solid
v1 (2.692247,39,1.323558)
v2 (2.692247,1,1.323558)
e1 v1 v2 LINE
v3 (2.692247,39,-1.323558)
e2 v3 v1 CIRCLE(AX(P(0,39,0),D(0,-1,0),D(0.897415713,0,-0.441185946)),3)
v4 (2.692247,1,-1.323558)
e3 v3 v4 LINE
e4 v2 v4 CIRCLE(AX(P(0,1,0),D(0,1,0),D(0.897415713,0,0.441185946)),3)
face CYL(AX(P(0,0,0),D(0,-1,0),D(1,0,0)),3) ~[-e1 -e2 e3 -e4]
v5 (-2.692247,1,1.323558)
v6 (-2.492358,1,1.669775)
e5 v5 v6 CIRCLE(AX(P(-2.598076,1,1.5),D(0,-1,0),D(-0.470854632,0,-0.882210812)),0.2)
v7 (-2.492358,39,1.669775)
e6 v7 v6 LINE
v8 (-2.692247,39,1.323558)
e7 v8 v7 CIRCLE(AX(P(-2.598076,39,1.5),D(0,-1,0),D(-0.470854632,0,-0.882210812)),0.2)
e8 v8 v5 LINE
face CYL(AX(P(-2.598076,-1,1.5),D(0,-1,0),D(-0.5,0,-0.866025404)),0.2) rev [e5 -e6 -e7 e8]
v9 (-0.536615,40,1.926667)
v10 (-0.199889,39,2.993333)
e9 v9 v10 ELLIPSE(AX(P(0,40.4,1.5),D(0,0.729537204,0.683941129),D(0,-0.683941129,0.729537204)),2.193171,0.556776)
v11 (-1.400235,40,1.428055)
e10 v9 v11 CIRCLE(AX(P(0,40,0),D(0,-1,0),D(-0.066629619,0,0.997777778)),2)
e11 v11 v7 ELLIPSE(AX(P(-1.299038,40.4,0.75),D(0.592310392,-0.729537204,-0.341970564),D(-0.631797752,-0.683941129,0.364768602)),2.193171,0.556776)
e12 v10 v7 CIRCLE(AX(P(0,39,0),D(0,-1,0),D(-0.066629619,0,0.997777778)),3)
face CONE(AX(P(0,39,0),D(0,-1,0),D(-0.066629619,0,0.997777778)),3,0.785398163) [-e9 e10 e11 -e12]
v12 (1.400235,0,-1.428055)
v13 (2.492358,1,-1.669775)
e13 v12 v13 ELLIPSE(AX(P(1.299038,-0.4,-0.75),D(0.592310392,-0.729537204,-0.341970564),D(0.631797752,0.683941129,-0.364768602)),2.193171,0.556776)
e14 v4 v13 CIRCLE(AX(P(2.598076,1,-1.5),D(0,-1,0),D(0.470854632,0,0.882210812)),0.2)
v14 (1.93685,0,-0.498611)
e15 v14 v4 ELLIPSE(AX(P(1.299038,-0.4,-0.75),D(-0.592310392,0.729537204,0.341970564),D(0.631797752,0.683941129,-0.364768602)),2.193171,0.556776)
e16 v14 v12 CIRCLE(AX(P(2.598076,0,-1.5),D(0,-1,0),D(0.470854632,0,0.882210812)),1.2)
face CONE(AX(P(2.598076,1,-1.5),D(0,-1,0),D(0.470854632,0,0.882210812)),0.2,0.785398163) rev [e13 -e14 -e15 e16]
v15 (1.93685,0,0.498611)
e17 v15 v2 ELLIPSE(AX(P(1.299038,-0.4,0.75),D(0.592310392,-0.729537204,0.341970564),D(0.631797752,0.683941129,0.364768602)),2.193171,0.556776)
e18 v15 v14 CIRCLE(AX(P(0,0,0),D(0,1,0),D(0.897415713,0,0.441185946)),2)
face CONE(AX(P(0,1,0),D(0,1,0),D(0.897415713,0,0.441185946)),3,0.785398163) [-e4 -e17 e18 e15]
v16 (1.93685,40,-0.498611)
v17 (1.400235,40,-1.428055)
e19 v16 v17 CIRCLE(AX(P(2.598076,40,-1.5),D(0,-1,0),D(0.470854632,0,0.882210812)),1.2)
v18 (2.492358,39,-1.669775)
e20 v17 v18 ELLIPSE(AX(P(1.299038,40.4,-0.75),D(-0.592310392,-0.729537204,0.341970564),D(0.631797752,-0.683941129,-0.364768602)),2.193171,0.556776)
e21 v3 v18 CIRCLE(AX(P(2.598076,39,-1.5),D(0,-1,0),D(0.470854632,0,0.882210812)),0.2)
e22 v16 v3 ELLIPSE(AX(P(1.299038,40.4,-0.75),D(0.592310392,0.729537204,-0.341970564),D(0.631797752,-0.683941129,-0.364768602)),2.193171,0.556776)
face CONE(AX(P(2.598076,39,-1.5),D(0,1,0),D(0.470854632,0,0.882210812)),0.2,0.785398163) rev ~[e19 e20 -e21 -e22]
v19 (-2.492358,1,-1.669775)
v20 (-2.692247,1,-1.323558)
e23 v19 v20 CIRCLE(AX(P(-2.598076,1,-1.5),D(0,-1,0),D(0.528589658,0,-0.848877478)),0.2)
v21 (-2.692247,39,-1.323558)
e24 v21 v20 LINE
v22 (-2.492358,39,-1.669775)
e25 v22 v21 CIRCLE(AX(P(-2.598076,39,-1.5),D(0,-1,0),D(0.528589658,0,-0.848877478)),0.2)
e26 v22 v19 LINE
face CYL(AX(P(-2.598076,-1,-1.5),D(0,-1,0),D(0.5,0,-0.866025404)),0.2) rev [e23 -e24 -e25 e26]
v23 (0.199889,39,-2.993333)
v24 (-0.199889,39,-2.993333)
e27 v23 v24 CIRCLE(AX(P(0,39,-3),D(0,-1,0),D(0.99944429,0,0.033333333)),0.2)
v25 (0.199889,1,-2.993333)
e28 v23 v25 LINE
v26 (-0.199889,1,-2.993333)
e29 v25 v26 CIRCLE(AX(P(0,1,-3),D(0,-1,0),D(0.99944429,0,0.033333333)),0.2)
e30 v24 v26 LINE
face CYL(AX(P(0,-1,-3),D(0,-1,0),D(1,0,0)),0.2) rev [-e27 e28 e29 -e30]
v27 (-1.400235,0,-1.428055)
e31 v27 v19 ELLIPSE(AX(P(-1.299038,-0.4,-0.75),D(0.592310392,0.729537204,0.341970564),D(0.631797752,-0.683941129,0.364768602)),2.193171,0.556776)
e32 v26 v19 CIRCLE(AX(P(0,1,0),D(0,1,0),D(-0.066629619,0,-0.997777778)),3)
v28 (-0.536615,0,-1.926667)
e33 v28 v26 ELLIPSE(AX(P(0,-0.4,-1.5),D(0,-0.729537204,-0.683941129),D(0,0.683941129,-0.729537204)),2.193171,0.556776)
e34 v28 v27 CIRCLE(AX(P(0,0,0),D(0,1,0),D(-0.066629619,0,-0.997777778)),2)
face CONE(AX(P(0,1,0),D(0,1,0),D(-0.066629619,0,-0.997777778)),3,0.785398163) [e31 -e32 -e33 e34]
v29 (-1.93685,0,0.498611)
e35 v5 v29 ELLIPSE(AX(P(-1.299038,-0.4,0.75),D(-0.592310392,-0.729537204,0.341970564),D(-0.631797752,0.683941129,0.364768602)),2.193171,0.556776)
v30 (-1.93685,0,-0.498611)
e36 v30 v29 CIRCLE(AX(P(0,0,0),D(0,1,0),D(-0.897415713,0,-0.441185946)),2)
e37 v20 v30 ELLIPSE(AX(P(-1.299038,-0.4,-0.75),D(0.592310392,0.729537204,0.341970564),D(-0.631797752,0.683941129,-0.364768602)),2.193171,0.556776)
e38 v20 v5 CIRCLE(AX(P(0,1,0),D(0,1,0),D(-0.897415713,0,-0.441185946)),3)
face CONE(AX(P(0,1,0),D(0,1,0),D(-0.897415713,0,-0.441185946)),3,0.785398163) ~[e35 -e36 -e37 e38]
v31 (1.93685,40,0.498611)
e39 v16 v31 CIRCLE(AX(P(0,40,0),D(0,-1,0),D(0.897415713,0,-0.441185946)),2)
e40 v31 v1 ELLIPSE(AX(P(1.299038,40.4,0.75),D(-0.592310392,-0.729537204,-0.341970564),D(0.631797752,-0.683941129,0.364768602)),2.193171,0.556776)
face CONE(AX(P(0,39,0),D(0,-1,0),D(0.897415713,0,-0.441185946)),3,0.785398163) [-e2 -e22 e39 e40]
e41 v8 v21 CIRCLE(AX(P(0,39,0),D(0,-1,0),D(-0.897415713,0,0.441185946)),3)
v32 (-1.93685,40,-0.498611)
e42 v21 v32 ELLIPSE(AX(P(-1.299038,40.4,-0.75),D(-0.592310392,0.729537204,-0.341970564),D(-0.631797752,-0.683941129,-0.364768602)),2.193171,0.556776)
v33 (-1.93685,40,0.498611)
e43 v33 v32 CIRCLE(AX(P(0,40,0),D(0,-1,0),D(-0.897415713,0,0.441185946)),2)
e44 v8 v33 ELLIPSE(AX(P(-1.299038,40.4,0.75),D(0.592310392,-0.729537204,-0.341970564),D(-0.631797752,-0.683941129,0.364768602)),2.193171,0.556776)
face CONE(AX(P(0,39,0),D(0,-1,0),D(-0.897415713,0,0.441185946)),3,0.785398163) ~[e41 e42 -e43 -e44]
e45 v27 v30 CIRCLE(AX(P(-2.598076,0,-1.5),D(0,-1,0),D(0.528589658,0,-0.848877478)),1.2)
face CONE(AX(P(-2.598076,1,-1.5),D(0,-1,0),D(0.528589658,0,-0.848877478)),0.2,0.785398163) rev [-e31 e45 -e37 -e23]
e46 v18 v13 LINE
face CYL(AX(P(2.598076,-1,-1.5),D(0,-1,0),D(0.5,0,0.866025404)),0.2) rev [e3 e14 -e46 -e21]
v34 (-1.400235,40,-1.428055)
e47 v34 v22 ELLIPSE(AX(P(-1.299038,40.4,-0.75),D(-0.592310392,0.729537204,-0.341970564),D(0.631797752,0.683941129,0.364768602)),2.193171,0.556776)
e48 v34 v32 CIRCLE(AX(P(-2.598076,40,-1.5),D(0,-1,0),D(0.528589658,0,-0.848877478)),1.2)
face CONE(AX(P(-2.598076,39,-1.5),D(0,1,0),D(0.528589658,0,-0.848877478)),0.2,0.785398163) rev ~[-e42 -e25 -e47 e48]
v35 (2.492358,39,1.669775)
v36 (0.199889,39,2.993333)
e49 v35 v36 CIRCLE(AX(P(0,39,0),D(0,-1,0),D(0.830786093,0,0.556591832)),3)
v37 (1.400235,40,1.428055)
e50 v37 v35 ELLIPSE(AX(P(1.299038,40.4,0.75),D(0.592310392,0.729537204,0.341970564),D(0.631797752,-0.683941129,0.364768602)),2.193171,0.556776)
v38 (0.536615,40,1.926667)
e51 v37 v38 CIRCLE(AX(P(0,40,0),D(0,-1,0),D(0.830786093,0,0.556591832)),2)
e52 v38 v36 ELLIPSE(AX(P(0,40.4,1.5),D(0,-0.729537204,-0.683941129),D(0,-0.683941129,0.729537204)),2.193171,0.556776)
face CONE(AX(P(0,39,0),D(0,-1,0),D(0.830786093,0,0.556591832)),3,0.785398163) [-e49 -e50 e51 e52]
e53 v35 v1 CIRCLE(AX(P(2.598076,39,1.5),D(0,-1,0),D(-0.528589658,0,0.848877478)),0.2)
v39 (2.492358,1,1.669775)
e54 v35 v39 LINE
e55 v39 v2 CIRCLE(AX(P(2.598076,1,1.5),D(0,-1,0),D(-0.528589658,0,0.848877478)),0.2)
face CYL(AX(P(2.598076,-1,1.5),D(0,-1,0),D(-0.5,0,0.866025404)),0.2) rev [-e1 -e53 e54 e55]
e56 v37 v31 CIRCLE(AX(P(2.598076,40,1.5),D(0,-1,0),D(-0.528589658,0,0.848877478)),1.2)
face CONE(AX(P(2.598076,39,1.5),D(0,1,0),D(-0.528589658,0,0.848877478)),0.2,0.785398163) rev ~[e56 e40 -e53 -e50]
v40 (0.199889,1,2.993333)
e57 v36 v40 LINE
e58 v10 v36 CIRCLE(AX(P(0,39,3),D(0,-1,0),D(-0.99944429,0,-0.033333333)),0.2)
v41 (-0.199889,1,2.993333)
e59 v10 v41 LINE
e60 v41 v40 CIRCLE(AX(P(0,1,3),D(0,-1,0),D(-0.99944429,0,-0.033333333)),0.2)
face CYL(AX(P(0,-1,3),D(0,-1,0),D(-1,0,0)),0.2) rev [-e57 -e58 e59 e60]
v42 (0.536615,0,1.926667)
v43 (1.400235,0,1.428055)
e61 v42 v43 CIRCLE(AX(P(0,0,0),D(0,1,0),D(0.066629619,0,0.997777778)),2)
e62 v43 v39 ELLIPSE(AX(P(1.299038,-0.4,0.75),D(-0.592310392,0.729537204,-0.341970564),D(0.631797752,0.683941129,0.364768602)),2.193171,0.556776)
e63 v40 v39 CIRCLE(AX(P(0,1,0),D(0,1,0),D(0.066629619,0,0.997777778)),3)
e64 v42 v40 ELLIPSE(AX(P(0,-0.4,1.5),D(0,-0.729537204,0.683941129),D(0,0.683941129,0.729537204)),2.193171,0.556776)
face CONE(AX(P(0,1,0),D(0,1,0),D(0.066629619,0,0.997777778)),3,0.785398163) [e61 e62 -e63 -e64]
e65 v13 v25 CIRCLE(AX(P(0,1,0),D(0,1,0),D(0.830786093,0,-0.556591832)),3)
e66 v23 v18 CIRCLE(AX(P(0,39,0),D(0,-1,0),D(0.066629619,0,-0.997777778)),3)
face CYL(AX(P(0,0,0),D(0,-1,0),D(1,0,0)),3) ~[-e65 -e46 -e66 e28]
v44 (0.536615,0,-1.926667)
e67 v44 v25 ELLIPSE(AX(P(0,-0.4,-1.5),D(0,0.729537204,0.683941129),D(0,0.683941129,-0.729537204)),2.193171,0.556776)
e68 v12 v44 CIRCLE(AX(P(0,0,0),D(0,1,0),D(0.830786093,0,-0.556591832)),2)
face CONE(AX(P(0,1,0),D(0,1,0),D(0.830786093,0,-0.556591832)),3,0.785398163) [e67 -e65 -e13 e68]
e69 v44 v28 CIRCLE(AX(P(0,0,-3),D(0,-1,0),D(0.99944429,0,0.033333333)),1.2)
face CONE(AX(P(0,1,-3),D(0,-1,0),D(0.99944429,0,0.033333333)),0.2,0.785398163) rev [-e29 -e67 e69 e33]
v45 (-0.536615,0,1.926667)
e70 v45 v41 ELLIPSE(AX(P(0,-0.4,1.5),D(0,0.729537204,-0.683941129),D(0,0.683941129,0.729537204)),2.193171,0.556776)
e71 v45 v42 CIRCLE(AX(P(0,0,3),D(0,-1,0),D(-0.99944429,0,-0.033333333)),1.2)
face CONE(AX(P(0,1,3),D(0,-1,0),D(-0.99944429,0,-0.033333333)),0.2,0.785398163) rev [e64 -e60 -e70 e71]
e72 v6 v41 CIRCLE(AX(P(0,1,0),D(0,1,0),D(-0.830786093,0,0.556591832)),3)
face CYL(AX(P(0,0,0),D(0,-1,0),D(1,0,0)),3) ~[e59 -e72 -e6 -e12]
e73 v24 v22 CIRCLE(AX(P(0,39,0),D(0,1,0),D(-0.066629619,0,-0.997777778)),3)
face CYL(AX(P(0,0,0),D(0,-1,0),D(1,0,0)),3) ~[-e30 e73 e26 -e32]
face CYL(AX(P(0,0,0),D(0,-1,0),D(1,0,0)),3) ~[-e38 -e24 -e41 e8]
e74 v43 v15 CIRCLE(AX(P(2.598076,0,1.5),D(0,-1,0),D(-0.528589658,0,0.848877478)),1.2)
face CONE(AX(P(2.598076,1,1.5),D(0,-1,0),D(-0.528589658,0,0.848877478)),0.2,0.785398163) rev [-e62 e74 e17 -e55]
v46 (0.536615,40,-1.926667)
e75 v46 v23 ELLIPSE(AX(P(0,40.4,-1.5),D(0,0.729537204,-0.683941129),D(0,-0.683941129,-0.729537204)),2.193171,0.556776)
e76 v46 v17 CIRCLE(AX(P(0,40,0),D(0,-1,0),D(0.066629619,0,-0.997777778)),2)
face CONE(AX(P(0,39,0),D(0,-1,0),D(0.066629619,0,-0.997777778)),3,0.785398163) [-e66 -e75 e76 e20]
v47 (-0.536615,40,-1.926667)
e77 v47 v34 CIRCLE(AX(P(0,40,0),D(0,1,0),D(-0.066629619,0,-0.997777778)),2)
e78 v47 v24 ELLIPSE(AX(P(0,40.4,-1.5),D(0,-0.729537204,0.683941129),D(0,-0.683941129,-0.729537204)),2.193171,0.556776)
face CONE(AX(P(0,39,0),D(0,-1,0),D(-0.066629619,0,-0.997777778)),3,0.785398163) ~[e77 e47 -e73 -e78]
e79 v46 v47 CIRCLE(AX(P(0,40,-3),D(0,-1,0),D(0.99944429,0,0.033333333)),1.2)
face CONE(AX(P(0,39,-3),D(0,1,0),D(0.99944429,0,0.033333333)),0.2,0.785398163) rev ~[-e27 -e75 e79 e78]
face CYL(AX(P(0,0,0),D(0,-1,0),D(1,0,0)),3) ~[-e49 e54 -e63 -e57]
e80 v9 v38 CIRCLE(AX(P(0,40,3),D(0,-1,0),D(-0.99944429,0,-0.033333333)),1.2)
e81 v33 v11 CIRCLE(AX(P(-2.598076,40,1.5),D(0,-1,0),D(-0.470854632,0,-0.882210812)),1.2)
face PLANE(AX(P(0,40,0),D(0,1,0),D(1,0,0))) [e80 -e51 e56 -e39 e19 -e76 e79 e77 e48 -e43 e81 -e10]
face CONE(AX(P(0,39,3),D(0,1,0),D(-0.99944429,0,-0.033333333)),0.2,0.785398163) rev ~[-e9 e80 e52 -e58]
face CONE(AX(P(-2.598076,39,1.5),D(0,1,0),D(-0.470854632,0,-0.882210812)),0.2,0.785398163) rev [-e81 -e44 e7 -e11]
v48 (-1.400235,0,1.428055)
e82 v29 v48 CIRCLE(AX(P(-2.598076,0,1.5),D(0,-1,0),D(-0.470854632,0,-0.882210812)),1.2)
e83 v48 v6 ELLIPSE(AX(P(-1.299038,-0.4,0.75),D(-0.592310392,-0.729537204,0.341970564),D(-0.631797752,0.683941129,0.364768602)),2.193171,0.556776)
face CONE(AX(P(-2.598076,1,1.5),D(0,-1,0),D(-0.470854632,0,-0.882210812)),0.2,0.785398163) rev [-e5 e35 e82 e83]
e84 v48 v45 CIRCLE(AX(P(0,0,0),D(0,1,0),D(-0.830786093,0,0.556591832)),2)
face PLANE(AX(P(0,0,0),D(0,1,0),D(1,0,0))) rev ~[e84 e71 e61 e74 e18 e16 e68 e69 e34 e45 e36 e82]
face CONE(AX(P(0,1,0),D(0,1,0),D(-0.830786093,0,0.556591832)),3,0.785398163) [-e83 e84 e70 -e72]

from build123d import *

# Parameters (mm, degrees)
SKETCH1_R           = 3
BOSS_EXTRUDE1_DEPTH = 40
CUT_EXTRUDE1_START  = -41
SKETCH2_R           = 0.2
CUT_EXTRUDE1_DEPTH  = 42
CIRPATTERN1_COUNT   = 6
CHAMFER1_SIZE       = 1


with BuildPart() as part:
    # Sketch1 → Boss-Extrude1 (new body)
    with BuildSketch(Plane(origin=(0, 0, 0), x_dir=(1, 0, 0), z_dir=(0, 1, 0))):
        Circle(SKETCH1_R)
    extrude(amount=BOSS_EXTRUDE1_DEPTH)

    # Sketch2 → Cut-Extrude1 (cut)
    with BuildSketch(Plane(origin=(0, 40, 0), x_dir=(1, 0, 0), z_dir=(0, 1, 0)).offset(CUT_EXTRUDE1_START)):
        with Locations((0, 3)):
            Circle(SKETCH2_R)
    cut_extrude1 = extrude(amount=CUT_EXTRUDE1_DEPTH, mode=Mode.SUBTRACT)

    # CirPattern1: Cut-Extrude1 ×6 about axis
    cirpattern1_axis = Axis((0, 0, 0), (0, 1, 0))
    for i in range(1, CIRPATTERN1_COUNT):
        add(cut_extrude1.rotate(cirpattern1_axis, i * 360 / CIRPATTERN1_COUNT), mode=Mode.SUBTRACT)

    # Chamfer1
    chamfer1_edges = [part.edges().sort_by_distance(p)[0] for p in [
        (-3, 0, 0),
        (-1.5, 0, 2.598076211),
        (1.5, 0, 2.598076211),
        (3, 0, 0),
        (1.5, 0, -2.598076211),
        (-2.424871131, 0, -1.4),
        (-2.424871131, 0, 1.4),
        (0, 0, 2.8),
        (2.424871131, 0, 1.4),
        (2.424871131, 0, -1.4),
        (-3, 40, 0),
        (-1.5, 40, 2.598076211),
        (1.5, 40, 2.598076211),
        (3, 40, 0),
        (1.5, 40, -2.598076211),
        (2.424871131, 40, -1.4),
        (2.424871131, 40, 1.4),
        (0, 40, 2.8),
        (-2.424871131, 40, 1.4),
        (-2.424871131, 40, -1.4),
        (-1.5, 0, -2.598076211),
        (0, 0, -2.8),
        (-1.5, 40, -2.598076211),
        (0, 40, -2.8),
    ]]
    chamfer(chamfer1_edges, length=CHAMFER1_SIZE)


solid = part.part
